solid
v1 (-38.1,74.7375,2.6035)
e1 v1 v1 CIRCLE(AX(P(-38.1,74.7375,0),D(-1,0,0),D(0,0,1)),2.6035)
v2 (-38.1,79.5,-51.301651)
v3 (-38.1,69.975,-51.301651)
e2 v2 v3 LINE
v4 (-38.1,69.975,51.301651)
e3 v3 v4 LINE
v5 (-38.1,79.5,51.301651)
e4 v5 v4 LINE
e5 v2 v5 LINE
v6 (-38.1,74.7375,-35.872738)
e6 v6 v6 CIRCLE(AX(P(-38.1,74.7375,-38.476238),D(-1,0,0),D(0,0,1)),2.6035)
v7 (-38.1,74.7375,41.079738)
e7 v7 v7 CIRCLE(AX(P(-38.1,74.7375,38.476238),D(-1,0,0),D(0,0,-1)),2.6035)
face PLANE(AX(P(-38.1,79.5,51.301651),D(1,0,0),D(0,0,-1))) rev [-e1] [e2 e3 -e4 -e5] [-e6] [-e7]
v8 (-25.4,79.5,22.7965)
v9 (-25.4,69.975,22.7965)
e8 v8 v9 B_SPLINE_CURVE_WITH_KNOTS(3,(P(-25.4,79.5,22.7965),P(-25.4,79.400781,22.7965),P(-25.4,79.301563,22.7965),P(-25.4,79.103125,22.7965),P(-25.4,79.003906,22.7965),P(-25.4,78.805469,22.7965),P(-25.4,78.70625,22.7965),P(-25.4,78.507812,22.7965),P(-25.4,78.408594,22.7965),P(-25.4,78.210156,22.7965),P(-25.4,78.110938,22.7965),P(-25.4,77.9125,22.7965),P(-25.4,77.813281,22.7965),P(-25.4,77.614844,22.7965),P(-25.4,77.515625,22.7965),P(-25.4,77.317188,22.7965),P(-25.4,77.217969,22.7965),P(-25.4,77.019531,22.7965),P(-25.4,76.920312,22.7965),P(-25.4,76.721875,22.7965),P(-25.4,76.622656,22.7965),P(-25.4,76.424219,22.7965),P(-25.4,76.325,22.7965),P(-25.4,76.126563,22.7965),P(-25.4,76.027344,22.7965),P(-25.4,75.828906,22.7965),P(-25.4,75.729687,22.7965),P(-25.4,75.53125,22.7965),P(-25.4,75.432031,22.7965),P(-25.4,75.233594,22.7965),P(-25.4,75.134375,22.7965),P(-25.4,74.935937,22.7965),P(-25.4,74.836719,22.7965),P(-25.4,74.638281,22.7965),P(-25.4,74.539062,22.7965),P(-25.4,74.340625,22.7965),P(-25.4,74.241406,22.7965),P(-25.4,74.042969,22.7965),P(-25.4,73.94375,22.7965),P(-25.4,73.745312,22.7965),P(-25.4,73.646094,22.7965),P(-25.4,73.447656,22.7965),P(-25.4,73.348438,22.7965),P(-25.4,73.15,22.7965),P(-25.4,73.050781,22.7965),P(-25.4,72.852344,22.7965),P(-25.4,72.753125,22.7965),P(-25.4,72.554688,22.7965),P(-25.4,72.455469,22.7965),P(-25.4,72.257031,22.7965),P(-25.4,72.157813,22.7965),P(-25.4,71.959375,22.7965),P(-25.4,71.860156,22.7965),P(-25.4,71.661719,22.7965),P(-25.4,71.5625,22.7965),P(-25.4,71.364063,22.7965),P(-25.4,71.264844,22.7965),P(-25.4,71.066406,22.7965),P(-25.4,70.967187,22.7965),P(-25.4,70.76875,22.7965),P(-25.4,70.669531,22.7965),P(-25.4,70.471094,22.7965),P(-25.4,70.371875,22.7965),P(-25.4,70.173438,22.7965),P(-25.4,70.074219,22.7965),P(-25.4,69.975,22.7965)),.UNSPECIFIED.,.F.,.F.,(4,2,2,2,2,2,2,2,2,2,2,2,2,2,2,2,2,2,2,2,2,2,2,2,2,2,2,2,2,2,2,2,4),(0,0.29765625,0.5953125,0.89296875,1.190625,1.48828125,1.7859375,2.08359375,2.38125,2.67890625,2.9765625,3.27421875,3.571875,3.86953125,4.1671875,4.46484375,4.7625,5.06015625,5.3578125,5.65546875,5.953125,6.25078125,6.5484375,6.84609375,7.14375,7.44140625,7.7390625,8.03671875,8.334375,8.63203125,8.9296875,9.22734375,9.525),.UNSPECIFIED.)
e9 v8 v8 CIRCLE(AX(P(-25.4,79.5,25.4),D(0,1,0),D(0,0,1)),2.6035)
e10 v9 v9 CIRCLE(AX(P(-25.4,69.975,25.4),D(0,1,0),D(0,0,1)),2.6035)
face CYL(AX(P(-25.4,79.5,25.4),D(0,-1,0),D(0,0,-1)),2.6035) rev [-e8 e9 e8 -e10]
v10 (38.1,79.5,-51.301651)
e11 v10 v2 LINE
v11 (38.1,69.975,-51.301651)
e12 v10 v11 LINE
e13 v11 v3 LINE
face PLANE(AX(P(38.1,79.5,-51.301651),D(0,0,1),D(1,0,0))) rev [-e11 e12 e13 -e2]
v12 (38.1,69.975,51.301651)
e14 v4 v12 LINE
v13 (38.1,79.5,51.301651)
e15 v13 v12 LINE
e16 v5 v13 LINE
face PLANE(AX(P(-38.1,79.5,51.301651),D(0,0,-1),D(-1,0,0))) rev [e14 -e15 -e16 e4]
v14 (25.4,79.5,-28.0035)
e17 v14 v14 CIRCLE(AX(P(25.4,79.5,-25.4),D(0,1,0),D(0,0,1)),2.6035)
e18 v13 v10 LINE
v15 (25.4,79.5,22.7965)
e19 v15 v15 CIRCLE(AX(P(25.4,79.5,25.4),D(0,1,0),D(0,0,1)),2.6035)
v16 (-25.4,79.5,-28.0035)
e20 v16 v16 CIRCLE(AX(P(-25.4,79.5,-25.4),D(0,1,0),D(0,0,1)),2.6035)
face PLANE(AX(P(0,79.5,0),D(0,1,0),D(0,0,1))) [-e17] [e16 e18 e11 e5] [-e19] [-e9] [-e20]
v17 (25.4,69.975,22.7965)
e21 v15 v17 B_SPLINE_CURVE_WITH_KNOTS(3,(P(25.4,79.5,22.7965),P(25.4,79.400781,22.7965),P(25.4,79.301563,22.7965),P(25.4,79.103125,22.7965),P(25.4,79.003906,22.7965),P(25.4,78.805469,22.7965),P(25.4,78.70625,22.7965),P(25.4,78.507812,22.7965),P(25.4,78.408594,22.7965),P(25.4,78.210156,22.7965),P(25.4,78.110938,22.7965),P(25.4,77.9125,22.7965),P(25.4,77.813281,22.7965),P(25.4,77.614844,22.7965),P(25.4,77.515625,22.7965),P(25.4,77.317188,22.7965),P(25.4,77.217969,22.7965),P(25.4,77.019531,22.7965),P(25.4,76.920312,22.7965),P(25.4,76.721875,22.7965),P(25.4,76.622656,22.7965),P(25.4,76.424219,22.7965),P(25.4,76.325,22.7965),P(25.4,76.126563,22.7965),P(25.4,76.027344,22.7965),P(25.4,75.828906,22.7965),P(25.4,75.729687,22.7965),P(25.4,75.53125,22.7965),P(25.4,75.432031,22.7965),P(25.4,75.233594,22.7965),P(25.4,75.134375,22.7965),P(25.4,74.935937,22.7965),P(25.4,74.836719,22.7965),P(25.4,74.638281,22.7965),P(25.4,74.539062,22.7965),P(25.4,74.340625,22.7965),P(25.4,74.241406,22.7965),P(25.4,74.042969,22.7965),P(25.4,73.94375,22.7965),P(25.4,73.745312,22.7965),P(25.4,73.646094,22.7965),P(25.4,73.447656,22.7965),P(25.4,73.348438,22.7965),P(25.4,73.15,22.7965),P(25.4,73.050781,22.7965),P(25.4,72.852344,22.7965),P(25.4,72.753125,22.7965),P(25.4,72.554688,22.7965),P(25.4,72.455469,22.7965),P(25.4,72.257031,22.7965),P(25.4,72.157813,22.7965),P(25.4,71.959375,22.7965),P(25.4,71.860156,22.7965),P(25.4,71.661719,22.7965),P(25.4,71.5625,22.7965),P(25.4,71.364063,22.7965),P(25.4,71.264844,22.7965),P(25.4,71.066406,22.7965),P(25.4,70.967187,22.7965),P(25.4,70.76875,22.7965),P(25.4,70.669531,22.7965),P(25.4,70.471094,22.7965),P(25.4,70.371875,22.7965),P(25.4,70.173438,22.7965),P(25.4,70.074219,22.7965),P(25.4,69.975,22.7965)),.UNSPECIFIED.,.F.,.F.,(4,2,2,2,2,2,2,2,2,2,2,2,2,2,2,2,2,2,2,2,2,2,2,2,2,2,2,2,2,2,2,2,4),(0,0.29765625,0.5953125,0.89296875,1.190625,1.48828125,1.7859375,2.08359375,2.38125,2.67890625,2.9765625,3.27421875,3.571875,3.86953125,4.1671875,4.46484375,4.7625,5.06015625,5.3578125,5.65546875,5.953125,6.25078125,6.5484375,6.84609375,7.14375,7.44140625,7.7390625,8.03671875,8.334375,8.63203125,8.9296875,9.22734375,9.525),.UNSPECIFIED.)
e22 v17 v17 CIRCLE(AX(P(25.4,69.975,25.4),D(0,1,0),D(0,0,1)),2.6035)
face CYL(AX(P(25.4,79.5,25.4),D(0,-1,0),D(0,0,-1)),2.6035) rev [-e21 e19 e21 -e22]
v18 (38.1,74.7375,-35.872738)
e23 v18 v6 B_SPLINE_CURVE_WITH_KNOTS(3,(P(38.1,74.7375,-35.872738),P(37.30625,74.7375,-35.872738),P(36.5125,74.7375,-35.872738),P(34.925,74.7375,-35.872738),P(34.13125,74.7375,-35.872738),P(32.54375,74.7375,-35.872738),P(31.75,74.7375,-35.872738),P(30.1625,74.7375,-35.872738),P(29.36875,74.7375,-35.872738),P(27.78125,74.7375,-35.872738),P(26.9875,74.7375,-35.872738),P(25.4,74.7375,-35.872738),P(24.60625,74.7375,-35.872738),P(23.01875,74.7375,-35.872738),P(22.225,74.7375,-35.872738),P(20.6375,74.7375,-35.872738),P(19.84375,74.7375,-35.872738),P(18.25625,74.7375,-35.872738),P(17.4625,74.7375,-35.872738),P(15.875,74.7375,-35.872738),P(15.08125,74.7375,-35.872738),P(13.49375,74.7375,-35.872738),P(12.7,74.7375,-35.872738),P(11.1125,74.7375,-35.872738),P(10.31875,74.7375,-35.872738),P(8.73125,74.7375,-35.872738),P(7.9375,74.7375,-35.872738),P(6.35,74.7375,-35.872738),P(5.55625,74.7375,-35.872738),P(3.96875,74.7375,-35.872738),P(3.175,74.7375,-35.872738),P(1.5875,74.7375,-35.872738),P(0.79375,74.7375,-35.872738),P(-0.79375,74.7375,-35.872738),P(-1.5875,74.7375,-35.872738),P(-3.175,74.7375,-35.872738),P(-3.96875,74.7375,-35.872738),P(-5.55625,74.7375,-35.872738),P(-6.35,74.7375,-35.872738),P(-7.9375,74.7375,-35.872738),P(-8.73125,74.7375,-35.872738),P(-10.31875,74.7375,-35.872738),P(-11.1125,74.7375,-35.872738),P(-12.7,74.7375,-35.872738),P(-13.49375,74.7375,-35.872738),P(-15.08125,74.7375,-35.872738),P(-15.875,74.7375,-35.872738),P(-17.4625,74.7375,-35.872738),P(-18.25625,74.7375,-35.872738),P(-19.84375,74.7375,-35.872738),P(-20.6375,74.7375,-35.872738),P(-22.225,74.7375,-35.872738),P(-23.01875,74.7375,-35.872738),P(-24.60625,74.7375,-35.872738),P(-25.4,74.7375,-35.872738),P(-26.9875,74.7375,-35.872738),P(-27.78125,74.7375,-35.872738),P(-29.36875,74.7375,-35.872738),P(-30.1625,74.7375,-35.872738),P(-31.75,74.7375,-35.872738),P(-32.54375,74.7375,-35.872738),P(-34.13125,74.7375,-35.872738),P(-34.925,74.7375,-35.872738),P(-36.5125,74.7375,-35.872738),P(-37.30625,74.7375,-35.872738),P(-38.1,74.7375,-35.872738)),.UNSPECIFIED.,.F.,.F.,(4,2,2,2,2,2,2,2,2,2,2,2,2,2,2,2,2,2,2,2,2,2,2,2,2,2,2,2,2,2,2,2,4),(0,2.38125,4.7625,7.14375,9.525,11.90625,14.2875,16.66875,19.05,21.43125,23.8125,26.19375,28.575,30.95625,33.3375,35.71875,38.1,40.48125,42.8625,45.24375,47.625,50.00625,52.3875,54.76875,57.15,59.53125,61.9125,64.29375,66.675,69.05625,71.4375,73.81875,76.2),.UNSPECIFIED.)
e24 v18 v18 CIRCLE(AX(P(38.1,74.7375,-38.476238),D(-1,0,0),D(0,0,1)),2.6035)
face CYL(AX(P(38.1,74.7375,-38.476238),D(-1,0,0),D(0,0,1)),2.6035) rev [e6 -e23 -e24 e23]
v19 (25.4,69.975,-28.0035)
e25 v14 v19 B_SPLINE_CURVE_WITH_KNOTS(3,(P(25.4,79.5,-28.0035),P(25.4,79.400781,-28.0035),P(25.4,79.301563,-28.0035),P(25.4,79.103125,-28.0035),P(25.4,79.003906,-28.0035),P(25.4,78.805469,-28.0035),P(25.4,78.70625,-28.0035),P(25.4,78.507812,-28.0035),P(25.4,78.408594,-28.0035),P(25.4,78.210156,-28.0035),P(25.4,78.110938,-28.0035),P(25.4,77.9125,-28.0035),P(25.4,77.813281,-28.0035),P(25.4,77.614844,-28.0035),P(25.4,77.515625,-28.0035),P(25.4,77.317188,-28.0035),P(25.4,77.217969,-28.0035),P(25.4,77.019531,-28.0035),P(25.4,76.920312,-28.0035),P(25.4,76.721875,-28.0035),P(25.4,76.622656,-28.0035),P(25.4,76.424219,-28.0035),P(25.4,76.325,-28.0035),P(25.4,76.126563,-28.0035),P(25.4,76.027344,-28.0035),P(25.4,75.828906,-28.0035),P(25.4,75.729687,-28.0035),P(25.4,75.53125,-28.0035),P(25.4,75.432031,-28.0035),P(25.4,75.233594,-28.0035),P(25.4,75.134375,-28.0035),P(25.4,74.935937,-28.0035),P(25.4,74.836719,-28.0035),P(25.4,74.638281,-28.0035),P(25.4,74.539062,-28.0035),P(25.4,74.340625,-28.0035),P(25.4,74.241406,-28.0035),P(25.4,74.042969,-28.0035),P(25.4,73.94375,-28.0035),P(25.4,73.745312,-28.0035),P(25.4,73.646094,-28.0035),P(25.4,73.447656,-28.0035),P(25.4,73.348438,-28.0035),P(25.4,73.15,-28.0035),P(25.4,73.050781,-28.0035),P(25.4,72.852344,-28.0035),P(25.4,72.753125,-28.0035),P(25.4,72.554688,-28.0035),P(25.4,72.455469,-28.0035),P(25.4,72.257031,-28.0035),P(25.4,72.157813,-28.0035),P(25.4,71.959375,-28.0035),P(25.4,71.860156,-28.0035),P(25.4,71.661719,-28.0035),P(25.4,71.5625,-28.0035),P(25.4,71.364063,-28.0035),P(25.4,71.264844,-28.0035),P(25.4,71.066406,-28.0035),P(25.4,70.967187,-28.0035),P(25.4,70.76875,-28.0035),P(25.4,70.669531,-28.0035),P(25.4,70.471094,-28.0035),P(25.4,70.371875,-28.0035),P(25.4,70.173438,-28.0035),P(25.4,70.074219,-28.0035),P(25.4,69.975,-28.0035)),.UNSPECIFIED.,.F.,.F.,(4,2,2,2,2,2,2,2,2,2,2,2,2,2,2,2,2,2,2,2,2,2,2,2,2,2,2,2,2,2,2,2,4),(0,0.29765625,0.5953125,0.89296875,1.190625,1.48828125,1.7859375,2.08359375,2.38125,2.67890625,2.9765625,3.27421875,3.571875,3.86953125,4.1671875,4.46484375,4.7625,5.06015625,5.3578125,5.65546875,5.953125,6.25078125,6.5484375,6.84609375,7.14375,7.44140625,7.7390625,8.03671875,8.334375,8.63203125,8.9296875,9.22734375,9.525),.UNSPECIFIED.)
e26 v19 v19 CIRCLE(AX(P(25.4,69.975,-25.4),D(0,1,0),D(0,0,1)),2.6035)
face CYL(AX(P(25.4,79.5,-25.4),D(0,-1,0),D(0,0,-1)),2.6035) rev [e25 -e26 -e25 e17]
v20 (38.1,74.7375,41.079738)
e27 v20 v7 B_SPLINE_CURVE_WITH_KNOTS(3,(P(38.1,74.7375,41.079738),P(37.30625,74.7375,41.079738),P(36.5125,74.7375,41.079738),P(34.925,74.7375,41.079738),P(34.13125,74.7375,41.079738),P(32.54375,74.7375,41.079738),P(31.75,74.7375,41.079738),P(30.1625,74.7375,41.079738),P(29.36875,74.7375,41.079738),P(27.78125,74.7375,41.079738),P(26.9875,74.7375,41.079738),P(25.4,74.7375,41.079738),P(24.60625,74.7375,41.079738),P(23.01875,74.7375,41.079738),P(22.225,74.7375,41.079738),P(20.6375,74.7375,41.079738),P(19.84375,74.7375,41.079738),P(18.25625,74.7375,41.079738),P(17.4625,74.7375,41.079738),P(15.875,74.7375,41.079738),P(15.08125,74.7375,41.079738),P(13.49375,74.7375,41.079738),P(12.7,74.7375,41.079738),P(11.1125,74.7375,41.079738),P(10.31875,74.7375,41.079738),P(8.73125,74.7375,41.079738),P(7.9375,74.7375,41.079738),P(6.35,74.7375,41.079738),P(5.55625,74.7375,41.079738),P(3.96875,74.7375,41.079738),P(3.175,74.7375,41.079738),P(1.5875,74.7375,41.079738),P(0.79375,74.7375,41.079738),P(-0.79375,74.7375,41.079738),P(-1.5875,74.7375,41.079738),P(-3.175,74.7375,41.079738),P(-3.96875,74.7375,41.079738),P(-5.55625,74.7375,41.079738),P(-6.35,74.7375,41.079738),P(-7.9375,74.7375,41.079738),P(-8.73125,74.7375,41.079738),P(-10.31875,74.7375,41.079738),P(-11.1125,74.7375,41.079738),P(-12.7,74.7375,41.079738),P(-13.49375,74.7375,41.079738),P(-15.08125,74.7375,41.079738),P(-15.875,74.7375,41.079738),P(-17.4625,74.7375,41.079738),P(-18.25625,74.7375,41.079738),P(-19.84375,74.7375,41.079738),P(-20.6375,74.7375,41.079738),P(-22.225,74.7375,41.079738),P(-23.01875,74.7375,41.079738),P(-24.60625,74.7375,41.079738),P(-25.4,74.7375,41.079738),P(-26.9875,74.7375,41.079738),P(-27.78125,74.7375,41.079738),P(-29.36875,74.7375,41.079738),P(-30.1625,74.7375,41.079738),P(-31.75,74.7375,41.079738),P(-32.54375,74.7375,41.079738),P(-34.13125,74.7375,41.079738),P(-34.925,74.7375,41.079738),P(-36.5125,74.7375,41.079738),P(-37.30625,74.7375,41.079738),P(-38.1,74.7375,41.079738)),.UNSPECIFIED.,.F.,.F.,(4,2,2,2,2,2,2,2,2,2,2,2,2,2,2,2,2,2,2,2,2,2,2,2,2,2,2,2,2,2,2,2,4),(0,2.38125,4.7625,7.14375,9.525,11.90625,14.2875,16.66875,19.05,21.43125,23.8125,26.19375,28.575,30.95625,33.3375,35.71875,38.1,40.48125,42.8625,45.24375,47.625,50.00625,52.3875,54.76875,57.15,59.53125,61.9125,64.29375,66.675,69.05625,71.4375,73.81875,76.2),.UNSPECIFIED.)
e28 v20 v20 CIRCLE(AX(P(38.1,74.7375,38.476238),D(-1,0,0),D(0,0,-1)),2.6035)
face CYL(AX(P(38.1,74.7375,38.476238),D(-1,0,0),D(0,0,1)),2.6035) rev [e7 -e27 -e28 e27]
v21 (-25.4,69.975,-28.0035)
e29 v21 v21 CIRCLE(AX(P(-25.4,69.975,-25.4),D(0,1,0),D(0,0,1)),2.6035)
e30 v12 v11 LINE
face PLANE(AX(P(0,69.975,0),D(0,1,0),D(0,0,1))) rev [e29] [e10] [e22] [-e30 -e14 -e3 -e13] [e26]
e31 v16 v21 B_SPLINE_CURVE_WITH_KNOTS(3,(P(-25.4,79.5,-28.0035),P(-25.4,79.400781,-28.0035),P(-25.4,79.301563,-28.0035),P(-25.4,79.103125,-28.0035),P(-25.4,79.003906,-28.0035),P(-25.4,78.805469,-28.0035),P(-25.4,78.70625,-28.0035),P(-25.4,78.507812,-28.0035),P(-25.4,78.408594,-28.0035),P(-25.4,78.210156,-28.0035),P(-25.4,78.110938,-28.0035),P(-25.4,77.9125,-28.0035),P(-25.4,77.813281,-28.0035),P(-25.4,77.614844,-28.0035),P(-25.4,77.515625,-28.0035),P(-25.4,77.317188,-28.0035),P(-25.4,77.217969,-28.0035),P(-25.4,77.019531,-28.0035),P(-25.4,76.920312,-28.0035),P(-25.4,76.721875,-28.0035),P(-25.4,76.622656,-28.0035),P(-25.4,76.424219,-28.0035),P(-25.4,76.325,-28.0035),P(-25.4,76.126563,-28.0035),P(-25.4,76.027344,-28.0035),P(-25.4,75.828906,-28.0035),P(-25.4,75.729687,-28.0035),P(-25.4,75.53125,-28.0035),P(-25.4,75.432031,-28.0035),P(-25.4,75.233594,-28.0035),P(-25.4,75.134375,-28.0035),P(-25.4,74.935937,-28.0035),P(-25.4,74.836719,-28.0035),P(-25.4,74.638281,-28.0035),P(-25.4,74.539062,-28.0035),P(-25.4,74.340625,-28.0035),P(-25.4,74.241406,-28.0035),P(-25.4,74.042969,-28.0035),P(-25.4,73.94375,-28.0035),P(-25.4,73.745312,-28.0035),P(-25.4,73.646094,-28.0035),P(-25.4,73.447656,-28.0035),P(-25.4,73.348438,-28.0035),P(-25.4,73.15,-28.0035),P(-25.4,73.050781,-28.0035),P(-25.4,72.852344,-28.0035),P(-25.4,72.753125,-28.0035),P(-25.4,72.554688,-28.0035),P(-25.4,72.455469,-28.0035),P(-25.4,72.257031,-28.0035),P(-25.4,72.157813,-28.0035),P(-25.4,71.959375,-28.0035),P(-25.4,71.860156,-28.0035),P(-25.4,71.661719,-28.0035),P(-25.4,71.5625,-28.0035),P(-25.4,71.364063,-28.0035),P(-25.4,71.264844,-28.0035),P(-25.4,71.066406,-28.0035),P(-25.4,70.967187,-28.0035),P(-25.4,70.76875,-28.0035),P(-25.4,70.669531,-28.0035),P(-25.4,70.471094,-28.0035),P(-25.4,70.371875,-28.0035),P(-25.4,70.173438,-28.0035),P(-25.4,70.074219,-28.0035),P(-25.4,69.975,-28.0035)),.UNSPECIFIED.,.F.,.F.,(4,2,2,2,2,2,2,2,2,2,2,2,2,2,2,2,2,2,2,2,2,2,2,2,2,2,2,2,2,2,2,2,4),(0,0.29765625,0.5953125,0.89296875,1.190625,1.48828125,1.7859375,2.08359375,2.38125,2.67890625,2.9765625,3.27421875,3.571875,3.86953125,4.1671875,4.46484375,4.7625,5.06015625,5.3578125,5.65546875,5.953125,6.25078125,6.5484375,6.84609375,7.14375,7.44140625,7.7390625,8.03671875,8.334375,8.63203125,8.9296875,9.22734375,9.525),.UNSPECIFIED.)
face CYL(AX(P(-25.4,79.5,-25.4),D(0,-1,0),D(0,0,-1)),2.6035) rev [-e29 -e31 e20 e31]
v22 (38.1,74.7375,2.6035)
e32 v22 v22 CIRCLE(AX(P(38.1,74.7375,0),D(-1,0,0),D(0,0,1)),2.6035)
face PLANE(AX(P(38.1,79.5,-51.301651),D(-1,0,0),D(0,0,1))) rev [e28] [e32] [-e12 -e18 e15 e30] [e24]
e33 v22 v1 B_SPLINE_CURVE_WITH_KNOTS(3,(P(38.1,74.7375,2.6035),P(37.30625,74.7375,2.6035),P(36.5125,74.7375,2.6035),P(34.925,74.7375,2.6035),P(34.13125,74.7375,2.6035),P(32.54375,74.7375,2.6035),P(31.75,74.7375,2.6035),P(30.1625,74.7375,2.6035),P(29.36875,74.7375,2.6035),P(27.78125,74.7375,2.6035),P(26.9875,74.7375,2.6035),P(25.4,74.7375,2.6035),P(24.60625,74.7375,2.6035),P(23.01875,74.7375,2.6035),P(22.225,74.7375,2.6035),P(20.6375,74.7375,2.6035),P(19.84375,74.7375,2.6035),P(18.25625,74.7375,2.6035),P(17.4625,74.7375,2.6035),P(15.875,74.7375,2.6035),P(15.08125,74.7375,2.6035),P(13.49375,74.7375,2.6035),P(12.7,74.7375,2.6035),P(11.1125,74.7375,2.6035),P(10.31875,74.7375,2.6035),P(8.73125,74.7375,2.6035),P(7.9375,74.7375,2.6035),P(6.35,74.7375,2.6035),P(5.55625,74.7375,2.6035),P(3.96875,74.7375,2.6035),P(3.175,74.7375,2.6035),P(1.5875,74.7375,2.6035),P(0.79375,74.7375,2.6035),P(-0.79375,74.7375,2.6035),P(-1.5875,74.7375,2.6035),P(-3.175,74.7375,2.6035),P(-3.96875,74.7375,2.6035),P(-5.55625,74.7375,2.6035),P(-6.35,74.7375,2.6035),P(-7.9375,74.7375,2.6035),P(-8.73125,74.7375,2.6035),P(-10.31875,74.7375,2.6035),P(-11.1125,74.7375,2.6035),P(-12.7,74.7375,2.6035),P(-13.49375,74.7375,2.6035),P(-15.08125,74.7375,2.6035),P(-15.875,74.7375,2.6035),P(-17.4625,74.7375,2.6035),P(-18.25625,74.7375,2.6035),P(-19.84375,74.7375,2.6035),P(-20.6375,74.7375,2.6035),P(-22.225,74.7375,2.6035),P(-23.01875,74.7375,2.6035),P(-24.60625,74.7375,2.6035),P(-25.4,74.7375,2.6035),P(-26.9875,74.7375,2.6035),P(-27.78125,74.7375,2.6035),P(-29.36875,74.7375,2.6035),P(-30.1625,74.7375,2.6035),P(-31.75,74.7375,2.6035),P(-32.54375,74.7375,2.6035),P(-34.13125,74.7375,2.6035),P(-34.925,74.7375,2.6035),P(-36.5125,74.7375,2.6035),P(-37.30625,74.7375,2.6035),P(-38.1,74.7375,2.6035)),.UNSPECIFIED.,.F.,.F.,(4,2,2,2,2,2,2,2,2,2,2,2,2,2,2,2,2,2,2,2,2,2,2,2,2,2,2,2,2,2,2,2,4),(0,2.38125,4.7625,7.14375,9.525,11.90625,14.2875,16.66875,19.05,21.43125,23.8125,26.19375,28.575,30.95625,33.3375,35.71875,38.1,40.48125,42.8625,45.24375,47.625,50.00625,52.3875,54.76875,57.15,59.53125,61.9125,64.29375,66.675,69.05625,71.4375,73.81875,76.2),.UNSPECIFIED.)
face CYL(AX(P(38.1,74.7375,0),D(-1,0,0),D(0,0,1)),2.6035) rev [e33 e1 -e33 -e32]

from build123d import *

# Parameters (mm, degrees)
SKETCH1_W           = 76.2
SKETCH1_H           = 102.603301604
SKETCH1_R           = 2.6035
BOSS_EXTRUDE1_DEPTH = 9.525
SKETCH2_R           = 2.6035
CUT_EXTRUDE1_DEPTH  = 122.484770136


with BuildPart() as part:
    # Sketch1 → Boss-Extrude1 (new body)
    with BuildSketch(Plane(origin=(0, 69.975, 0), x_dir=(1, 0, 0), z_dir=(0, 1, 0))):
        Rectangle(SKETCH1_W, SKETCH1_H)
        with Locations(Location((25.4, -25.4, 0), (0, 0, 90))):
            Circle(SKETCH1_R, mode=Mode.SUBTRACT)
        with Locations(Location((-25.4, -25.4, 0), (0, 0, 90))):
            Circle(SKETCH1_R, mode=Mode.SUBTRACT)
        with Locations(Location((-25.4, 25.4, 0), (0, 0, 90))):
            Circle(SKETCH1_R, mode=Mode.SUBTRACT)
        with Locations(Location((25.4, 25.4, 0), (0, 0, 90))):
            Circle(SKETCH1_R, mode=Mode.SUBTRACT)
    extrude(amount=BOSS_EXTRUDE1_DEPTH)

    # Sketch2 → Cut-Extrude1 (cut, through all)
    with BuildSketch(Plane.ZY.offset(38.1)):
        with Locations((0, 74.7375)):
            Circle(SKETCH2_R)
        with Locations((-38.476238101, 74.7375)):
            Circle(SKETCH2_R)
        with Locations((38.476238101, 74.7375)):
            Circle(SKETCH2_R)
    extrude(amount=-CUT_EXTRUDE1_DEPTH, mode=Mode.SUBTRACT)


solid = part.part
